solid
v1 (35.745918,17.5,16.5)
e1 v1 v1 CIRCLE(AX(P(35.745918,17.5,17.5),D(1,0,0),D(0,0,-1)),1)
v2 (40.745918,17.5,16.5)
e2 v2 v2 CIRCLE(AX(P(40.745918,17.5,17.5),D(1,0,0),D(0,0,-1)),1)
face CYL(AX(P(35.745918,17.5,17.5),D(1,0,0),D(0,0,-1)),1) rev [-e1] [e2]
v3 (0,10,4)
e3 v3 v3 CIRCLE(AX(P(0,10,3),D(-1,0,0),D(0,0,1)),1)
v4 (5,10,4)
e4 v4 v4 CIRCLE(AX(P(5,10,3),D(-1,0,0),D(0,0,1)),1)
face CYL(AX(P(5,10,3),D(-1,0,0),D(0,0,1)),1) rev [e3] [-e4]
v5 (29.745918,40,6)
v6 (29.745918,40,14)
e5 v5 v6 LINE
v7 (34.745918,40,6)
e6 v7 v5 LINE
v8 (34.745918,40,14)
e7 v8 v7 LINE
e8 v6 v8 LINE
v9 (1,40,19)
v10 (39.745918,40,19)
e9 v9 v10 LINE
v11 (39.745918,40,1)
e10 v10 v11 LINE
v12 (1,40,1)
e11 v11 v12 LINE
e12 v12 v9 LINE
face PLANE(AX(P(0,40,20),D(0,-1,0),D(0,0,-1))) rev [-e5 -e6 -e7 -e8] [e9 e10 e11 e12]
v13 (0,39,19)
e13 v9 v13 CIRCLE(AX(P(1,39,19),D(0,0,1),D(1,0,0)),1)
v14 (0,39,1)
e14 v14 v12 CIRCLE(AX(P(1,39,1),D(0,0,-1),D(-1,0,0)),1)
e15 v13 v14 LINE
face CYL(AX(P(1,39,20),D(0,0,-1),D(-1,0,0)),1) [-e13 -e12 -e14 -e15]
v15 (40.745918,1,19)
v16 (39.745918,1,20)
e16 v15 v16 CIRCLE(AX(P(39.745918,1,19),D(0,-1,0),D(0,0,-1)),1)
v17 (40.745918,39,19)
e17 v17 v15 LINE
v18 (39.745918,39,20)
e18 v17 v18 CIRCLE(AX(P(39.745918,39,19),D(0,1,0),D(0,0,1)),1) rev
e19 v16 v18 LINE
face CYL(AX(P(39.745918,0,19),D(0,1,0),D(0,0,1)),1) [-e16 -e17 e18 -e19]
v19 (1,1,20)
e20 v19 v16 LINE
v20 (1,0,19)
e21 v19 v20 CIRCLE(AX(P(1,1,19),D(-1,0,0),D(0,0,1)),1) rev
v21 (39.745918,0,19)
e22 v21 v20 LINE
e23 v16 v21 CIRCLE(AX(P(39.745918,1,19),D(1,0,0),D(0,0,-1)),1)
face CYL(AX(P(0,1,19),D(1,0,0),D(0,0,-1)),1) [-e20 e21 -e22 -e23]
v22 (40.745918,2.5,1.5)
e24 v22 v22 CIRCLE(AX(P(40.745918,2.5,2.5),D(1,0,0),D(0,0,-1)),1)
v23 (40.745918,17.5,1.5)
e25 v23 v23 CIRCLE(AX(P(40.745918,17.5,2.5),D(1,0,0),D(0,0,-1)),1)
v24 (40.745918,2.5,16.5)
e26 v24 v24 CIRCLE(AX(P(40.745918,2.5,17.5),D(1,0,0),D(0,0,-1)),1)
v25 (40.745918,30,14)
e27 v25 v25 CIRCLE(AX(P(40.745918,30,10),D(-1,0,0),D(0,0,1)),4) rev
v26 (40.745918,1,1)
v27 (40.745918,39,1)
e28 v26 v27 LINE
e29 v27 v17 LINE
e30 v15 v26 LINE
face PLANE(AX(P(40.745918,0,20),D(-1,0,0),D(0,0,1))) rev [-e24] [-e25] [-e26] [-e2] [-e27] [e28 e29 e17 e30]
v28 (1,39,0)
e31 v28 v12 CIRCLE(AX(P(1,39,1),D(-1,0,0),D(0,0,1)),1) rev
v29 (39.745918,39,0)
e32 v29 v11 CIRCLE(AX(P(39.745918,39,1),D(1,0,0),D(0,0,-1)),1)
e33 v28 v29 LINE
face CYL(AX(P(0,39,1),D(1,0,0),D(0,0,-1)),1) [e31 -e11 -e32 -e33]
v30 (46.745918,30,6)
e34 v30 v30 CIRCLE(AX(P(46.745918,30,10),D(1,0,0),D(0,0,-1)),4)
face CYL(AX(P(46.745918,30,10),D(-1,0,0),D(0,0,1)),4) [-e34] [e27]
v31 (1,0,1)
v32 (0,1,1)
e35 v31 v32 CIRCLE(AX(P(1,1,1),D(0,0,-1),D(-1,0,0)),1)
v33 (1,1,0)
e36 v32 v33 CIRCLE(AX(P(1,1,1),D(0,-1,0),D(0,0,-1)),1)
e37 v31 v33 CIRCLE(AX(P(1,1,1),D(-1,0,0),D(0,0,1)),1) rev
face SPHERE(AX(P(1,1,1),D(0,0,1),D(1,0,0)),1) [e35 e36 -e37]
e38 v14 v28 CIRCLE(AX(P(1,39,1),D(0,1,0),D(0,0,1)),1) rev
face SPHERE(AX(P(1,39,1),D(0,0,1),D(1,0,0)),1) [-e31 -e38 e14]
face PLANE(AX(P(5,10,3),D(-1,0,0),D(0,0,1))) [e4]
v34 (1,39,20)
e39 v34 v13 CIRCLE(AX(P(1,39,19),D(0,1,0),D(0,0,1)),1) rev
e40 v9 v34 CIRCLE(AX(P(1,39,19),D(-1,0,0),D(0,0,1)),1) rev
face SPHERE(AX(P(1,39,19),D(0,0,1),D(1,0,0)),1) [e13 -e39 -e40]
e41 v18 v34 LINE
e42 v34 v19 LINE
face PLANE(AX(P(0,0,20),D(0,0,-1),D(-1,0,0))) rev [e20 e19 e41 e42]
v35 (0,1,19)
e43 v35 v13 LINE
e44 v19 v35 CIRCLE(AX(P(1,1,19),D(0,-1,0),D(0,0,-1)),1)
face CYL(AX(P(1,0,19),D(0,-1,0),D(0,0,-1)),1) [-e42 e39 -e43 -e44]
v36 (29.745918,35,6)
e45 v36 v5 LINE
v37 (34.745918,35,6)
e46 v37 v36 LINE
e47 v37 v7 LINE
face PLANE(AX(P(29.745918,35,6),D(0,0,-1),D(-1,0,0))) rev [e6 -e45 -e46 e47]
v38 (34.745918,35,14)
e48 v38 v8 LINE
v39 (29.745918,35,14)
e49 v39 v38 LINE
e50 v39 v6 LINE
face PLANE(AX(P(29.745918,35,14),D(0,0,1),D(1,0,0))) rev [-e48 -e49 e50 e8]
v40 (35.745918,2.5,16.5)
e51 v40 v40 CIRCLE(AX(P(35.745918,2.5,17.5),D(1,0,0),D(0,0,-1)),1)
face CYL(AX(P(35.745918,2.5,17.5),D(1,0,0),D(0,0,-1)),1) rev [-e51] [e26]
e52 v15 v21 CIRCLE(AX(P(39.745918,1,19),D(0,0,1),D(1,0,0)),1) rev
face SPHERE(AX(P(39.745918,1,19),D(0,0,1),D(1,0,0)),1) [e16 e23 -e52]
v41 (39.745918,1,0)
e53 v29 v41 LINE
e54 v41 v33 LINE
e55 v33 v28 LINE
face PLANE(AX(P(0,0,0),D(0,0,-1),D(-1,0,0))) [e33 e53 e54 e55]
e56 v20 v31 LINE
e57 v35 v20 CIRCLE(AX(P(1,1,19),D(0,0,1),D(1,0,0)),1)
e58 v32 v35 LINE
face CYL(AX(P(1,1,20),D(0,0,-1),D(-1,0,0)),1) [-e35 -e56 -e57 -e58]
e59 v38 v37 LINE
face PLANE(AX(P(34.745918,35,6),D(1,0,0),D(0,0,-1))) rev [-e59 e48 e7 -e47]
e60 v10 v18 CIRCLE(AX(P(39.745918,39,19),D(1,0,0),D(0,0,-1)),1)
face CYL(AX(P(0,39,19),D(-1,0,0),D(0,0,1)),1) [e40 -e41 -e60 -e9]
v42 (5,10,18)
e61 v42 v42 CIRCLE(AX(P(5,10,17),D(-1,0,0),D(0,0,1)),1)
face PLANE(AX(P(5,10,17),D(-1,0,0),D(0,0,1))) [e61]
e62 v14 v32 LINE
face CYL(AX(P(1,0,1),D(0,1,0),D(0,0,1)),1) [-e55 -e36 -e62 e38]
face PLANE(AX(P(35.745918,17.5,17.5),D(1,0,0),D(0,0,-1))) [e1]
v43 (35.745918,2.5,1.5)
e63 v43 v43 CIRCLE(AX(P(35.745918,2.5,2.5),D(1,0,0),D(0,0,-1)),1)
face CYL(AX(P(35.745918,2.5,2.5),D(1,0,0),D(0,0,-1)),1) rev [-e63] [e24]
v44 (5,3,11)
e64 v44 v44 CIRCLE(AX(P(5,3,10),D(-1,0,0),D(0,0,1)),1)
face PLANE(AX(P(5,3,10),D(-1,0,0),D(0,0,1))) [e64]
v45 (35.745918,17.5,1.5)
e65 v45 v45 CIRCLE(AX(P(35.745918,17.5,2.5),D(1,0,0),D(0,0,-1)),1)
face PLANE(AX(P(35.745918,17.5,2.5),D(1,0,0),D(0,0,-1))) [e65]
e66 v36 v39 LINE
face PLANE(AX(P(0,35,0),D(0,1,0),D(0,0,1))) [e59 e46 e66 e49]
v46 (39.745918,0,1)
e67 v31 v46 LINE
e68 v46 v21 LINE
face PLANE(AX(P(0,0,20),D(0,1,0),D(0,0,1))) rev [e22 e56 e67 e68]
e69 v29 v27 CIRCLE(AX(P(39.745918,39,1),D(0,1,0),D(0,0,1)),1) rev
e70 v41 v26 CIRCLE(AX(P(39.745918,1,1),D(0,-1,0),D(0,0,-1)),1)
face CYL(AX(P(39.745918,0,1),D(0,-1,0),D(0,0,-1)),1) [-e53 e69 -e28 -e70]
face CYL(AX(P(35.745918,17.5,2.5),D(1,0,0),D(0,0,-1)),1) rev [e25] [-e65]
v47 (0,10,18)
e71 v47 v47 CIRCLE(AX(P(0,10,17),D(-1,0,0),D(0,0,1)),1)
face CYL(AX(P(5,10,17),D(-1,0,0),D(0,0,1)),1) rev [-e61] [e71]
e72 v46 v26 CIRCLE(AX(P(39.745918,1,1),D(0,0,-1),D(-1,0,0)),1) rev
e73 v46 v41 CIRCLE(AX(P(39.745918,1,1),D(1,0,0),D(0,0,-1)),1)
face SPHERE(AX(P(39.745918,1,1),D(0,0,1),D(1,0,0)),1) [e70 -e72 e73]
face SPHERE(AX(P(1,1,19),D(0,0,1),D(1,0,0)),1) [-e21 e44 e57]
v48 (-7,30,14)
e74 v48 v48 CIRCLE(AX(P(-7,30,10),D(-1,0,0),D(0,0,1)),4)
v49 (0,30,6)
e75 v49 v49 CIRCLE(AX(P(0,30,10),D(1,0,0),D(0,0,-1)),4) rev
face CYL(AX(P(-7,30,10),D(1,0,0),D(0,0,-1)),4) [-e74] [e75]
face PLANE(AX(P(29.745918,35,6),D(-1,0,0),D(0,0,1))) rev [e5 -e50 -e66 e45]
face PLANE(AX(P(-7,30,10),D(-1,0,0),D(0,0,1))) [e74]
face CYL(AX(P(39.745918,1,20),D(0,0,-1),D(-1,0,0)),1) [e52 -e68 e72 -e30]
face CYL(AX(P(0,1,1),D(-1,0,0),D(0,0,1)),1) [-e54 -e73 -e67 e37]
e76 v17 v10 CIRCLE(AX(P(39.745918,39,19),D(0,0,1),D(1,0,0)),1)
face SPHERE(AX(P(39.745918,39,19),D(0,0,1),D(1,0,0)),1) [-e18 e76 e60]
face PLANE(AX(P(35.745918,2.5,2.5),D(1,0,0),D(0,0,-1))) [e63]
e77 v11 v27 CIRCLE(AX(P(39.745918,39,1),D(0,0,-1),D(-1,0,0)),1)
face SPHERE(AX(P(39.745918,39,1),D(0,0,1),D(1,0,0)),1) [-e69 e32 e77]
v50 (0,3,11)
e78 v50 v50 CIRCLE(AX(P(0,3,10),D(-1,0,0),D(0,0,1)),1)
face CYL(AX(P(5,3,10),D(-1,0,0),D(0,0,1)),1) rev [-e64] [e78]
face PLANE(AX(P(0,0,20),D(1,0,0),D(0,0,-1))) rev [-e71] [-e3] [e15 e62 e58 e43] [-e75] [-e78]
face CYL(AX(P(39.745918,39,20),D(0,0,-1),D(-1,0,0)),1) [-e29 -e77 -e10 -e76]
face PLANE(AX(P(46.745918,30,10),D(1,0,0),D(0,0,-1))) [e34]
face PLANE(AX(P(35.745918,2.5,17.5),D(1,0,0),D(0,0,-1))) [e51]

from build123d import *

# Parameters (mm, degrees)
SKETCH1_W           = 40.745918
SKETCH1_H           = 40
BOSS_EXTRUDE1_DEPTH = 20
FILLET1_R           = 1
SKETCH2_R           = 4
BOSS_EXTRUDE2_DEPTH = 6
SKETCH3_W           = 5
SKETCH3_H           = 8
CUT_EXTRUDE1_DEPTH  = 5
SKETCH4_R           = 4
BOSS_EXTRUDE3_DEPTH = 7
SKETCH5_R           = 1
CUT_EXTRUDE2_DEPTH  = 5
SKETCH6_R           = 1
CUT_EXTRUDE3_DEPTH  = 5


with BuildPart() as part:
    # Sketch1 → Boss-Extrude1 (new body)
    with BuildSketch(Plane.XY):
        with Locations((20.372959, 20)):
            Rectangle(SKETCH1_W, SKETCH1_H)
    extrude(amount=BOSS_EXTRUDE1_DEPTH)

    # Fillet1
    fillet1_edges = [part.edges().sort_by_distance(p)[0] for p in [
        (40.745918, 20, 20),
        (20.372959, 40, 20),
        (0, 20, 20),
        (20.372959, 40, 0),
        (40.745918, 20, 0),
        (20.372959, 0, 0),
        (0, 20, 0),
        (20.372959, 0, 20),
        (0, 40, 10),
        (40.745918, 40, 10),
        (40.745918, 0, 10),
        (0, 0, 10),
    ]]
    fillet(fillet1_edges, radius=FILLET1_R)

    # Sketch2 → Boss-Extrude2 (add)
    with BuildSketch(Plane(origin=(40.745918, 0, 0), x_dir=(0, 0, -1), z_dir=(1, 0, 0))):
        with Locations((-10, 30)):
            Circle(SKETCH2_R)
    extrude(amount=BOSS_EXTRUDE2_DEPTH)

    # Sketch3 → Cut-Extrude1 (cut)
    with BuildSketch(Plane(origin=(0, 40, 0), x_dir=(1, 0, 0), z_dir=(0, 1, 0))):
        with Locations((32.245918, -10)):
            Rectangle(SKETCH3_W, SKETCH3_H)
    extrude(amount=-CUT_EXTRUDE1_DEPTH, mode=Mode.SUBTRACT)

    # Sketch4 → Boss-Extrude3 (add)
    with BuildSketch(Plane.ZY):
        with Locations((10, 30)):
            Circle(SKETCH4_R)
    extrude(amount=BOSS_EXTRUDE3_DEPTH)

    # Sketch5 → Cut-Extrude2 (cut)
    with BuildSketch(Plane(origin=(40.745918, 0, 0), x_dir=(0, 0, -1), z_dir=(1, 0, 0))):
        with Locations((-17.5, 17.5)):
            Circle(SKETCH5_R)
        with Locations((-2.5, 17.5)):
            Circle(SKETCH5_R)
        with Locations((-2.5, 2.5)):
            Circle(SKETCH5_R)
        with Locations((-17.5, 2.5)):
            Circle(SKETCH5_R)
    extrude(amount=-CUT_EXTRUDE2_DEPTH, mode=Mode.SUBTRACT)

    # Sketch6 → Cut-Extrude3 (cut)
    with BuildSketch(Plane.ZY):
        with Locations((17, 10)):
            Circle(SKETCH6_R)
        with Locations((10, 3)):
            Circle(SKETCH6_R)
        with Locations((3, 10)):
            Circle(SKETCH6_R)
    extrude(amount=-CUT_EXTRUDE3_DEPTH, mode=Mode.SUBTRACT)


solid = part.part
